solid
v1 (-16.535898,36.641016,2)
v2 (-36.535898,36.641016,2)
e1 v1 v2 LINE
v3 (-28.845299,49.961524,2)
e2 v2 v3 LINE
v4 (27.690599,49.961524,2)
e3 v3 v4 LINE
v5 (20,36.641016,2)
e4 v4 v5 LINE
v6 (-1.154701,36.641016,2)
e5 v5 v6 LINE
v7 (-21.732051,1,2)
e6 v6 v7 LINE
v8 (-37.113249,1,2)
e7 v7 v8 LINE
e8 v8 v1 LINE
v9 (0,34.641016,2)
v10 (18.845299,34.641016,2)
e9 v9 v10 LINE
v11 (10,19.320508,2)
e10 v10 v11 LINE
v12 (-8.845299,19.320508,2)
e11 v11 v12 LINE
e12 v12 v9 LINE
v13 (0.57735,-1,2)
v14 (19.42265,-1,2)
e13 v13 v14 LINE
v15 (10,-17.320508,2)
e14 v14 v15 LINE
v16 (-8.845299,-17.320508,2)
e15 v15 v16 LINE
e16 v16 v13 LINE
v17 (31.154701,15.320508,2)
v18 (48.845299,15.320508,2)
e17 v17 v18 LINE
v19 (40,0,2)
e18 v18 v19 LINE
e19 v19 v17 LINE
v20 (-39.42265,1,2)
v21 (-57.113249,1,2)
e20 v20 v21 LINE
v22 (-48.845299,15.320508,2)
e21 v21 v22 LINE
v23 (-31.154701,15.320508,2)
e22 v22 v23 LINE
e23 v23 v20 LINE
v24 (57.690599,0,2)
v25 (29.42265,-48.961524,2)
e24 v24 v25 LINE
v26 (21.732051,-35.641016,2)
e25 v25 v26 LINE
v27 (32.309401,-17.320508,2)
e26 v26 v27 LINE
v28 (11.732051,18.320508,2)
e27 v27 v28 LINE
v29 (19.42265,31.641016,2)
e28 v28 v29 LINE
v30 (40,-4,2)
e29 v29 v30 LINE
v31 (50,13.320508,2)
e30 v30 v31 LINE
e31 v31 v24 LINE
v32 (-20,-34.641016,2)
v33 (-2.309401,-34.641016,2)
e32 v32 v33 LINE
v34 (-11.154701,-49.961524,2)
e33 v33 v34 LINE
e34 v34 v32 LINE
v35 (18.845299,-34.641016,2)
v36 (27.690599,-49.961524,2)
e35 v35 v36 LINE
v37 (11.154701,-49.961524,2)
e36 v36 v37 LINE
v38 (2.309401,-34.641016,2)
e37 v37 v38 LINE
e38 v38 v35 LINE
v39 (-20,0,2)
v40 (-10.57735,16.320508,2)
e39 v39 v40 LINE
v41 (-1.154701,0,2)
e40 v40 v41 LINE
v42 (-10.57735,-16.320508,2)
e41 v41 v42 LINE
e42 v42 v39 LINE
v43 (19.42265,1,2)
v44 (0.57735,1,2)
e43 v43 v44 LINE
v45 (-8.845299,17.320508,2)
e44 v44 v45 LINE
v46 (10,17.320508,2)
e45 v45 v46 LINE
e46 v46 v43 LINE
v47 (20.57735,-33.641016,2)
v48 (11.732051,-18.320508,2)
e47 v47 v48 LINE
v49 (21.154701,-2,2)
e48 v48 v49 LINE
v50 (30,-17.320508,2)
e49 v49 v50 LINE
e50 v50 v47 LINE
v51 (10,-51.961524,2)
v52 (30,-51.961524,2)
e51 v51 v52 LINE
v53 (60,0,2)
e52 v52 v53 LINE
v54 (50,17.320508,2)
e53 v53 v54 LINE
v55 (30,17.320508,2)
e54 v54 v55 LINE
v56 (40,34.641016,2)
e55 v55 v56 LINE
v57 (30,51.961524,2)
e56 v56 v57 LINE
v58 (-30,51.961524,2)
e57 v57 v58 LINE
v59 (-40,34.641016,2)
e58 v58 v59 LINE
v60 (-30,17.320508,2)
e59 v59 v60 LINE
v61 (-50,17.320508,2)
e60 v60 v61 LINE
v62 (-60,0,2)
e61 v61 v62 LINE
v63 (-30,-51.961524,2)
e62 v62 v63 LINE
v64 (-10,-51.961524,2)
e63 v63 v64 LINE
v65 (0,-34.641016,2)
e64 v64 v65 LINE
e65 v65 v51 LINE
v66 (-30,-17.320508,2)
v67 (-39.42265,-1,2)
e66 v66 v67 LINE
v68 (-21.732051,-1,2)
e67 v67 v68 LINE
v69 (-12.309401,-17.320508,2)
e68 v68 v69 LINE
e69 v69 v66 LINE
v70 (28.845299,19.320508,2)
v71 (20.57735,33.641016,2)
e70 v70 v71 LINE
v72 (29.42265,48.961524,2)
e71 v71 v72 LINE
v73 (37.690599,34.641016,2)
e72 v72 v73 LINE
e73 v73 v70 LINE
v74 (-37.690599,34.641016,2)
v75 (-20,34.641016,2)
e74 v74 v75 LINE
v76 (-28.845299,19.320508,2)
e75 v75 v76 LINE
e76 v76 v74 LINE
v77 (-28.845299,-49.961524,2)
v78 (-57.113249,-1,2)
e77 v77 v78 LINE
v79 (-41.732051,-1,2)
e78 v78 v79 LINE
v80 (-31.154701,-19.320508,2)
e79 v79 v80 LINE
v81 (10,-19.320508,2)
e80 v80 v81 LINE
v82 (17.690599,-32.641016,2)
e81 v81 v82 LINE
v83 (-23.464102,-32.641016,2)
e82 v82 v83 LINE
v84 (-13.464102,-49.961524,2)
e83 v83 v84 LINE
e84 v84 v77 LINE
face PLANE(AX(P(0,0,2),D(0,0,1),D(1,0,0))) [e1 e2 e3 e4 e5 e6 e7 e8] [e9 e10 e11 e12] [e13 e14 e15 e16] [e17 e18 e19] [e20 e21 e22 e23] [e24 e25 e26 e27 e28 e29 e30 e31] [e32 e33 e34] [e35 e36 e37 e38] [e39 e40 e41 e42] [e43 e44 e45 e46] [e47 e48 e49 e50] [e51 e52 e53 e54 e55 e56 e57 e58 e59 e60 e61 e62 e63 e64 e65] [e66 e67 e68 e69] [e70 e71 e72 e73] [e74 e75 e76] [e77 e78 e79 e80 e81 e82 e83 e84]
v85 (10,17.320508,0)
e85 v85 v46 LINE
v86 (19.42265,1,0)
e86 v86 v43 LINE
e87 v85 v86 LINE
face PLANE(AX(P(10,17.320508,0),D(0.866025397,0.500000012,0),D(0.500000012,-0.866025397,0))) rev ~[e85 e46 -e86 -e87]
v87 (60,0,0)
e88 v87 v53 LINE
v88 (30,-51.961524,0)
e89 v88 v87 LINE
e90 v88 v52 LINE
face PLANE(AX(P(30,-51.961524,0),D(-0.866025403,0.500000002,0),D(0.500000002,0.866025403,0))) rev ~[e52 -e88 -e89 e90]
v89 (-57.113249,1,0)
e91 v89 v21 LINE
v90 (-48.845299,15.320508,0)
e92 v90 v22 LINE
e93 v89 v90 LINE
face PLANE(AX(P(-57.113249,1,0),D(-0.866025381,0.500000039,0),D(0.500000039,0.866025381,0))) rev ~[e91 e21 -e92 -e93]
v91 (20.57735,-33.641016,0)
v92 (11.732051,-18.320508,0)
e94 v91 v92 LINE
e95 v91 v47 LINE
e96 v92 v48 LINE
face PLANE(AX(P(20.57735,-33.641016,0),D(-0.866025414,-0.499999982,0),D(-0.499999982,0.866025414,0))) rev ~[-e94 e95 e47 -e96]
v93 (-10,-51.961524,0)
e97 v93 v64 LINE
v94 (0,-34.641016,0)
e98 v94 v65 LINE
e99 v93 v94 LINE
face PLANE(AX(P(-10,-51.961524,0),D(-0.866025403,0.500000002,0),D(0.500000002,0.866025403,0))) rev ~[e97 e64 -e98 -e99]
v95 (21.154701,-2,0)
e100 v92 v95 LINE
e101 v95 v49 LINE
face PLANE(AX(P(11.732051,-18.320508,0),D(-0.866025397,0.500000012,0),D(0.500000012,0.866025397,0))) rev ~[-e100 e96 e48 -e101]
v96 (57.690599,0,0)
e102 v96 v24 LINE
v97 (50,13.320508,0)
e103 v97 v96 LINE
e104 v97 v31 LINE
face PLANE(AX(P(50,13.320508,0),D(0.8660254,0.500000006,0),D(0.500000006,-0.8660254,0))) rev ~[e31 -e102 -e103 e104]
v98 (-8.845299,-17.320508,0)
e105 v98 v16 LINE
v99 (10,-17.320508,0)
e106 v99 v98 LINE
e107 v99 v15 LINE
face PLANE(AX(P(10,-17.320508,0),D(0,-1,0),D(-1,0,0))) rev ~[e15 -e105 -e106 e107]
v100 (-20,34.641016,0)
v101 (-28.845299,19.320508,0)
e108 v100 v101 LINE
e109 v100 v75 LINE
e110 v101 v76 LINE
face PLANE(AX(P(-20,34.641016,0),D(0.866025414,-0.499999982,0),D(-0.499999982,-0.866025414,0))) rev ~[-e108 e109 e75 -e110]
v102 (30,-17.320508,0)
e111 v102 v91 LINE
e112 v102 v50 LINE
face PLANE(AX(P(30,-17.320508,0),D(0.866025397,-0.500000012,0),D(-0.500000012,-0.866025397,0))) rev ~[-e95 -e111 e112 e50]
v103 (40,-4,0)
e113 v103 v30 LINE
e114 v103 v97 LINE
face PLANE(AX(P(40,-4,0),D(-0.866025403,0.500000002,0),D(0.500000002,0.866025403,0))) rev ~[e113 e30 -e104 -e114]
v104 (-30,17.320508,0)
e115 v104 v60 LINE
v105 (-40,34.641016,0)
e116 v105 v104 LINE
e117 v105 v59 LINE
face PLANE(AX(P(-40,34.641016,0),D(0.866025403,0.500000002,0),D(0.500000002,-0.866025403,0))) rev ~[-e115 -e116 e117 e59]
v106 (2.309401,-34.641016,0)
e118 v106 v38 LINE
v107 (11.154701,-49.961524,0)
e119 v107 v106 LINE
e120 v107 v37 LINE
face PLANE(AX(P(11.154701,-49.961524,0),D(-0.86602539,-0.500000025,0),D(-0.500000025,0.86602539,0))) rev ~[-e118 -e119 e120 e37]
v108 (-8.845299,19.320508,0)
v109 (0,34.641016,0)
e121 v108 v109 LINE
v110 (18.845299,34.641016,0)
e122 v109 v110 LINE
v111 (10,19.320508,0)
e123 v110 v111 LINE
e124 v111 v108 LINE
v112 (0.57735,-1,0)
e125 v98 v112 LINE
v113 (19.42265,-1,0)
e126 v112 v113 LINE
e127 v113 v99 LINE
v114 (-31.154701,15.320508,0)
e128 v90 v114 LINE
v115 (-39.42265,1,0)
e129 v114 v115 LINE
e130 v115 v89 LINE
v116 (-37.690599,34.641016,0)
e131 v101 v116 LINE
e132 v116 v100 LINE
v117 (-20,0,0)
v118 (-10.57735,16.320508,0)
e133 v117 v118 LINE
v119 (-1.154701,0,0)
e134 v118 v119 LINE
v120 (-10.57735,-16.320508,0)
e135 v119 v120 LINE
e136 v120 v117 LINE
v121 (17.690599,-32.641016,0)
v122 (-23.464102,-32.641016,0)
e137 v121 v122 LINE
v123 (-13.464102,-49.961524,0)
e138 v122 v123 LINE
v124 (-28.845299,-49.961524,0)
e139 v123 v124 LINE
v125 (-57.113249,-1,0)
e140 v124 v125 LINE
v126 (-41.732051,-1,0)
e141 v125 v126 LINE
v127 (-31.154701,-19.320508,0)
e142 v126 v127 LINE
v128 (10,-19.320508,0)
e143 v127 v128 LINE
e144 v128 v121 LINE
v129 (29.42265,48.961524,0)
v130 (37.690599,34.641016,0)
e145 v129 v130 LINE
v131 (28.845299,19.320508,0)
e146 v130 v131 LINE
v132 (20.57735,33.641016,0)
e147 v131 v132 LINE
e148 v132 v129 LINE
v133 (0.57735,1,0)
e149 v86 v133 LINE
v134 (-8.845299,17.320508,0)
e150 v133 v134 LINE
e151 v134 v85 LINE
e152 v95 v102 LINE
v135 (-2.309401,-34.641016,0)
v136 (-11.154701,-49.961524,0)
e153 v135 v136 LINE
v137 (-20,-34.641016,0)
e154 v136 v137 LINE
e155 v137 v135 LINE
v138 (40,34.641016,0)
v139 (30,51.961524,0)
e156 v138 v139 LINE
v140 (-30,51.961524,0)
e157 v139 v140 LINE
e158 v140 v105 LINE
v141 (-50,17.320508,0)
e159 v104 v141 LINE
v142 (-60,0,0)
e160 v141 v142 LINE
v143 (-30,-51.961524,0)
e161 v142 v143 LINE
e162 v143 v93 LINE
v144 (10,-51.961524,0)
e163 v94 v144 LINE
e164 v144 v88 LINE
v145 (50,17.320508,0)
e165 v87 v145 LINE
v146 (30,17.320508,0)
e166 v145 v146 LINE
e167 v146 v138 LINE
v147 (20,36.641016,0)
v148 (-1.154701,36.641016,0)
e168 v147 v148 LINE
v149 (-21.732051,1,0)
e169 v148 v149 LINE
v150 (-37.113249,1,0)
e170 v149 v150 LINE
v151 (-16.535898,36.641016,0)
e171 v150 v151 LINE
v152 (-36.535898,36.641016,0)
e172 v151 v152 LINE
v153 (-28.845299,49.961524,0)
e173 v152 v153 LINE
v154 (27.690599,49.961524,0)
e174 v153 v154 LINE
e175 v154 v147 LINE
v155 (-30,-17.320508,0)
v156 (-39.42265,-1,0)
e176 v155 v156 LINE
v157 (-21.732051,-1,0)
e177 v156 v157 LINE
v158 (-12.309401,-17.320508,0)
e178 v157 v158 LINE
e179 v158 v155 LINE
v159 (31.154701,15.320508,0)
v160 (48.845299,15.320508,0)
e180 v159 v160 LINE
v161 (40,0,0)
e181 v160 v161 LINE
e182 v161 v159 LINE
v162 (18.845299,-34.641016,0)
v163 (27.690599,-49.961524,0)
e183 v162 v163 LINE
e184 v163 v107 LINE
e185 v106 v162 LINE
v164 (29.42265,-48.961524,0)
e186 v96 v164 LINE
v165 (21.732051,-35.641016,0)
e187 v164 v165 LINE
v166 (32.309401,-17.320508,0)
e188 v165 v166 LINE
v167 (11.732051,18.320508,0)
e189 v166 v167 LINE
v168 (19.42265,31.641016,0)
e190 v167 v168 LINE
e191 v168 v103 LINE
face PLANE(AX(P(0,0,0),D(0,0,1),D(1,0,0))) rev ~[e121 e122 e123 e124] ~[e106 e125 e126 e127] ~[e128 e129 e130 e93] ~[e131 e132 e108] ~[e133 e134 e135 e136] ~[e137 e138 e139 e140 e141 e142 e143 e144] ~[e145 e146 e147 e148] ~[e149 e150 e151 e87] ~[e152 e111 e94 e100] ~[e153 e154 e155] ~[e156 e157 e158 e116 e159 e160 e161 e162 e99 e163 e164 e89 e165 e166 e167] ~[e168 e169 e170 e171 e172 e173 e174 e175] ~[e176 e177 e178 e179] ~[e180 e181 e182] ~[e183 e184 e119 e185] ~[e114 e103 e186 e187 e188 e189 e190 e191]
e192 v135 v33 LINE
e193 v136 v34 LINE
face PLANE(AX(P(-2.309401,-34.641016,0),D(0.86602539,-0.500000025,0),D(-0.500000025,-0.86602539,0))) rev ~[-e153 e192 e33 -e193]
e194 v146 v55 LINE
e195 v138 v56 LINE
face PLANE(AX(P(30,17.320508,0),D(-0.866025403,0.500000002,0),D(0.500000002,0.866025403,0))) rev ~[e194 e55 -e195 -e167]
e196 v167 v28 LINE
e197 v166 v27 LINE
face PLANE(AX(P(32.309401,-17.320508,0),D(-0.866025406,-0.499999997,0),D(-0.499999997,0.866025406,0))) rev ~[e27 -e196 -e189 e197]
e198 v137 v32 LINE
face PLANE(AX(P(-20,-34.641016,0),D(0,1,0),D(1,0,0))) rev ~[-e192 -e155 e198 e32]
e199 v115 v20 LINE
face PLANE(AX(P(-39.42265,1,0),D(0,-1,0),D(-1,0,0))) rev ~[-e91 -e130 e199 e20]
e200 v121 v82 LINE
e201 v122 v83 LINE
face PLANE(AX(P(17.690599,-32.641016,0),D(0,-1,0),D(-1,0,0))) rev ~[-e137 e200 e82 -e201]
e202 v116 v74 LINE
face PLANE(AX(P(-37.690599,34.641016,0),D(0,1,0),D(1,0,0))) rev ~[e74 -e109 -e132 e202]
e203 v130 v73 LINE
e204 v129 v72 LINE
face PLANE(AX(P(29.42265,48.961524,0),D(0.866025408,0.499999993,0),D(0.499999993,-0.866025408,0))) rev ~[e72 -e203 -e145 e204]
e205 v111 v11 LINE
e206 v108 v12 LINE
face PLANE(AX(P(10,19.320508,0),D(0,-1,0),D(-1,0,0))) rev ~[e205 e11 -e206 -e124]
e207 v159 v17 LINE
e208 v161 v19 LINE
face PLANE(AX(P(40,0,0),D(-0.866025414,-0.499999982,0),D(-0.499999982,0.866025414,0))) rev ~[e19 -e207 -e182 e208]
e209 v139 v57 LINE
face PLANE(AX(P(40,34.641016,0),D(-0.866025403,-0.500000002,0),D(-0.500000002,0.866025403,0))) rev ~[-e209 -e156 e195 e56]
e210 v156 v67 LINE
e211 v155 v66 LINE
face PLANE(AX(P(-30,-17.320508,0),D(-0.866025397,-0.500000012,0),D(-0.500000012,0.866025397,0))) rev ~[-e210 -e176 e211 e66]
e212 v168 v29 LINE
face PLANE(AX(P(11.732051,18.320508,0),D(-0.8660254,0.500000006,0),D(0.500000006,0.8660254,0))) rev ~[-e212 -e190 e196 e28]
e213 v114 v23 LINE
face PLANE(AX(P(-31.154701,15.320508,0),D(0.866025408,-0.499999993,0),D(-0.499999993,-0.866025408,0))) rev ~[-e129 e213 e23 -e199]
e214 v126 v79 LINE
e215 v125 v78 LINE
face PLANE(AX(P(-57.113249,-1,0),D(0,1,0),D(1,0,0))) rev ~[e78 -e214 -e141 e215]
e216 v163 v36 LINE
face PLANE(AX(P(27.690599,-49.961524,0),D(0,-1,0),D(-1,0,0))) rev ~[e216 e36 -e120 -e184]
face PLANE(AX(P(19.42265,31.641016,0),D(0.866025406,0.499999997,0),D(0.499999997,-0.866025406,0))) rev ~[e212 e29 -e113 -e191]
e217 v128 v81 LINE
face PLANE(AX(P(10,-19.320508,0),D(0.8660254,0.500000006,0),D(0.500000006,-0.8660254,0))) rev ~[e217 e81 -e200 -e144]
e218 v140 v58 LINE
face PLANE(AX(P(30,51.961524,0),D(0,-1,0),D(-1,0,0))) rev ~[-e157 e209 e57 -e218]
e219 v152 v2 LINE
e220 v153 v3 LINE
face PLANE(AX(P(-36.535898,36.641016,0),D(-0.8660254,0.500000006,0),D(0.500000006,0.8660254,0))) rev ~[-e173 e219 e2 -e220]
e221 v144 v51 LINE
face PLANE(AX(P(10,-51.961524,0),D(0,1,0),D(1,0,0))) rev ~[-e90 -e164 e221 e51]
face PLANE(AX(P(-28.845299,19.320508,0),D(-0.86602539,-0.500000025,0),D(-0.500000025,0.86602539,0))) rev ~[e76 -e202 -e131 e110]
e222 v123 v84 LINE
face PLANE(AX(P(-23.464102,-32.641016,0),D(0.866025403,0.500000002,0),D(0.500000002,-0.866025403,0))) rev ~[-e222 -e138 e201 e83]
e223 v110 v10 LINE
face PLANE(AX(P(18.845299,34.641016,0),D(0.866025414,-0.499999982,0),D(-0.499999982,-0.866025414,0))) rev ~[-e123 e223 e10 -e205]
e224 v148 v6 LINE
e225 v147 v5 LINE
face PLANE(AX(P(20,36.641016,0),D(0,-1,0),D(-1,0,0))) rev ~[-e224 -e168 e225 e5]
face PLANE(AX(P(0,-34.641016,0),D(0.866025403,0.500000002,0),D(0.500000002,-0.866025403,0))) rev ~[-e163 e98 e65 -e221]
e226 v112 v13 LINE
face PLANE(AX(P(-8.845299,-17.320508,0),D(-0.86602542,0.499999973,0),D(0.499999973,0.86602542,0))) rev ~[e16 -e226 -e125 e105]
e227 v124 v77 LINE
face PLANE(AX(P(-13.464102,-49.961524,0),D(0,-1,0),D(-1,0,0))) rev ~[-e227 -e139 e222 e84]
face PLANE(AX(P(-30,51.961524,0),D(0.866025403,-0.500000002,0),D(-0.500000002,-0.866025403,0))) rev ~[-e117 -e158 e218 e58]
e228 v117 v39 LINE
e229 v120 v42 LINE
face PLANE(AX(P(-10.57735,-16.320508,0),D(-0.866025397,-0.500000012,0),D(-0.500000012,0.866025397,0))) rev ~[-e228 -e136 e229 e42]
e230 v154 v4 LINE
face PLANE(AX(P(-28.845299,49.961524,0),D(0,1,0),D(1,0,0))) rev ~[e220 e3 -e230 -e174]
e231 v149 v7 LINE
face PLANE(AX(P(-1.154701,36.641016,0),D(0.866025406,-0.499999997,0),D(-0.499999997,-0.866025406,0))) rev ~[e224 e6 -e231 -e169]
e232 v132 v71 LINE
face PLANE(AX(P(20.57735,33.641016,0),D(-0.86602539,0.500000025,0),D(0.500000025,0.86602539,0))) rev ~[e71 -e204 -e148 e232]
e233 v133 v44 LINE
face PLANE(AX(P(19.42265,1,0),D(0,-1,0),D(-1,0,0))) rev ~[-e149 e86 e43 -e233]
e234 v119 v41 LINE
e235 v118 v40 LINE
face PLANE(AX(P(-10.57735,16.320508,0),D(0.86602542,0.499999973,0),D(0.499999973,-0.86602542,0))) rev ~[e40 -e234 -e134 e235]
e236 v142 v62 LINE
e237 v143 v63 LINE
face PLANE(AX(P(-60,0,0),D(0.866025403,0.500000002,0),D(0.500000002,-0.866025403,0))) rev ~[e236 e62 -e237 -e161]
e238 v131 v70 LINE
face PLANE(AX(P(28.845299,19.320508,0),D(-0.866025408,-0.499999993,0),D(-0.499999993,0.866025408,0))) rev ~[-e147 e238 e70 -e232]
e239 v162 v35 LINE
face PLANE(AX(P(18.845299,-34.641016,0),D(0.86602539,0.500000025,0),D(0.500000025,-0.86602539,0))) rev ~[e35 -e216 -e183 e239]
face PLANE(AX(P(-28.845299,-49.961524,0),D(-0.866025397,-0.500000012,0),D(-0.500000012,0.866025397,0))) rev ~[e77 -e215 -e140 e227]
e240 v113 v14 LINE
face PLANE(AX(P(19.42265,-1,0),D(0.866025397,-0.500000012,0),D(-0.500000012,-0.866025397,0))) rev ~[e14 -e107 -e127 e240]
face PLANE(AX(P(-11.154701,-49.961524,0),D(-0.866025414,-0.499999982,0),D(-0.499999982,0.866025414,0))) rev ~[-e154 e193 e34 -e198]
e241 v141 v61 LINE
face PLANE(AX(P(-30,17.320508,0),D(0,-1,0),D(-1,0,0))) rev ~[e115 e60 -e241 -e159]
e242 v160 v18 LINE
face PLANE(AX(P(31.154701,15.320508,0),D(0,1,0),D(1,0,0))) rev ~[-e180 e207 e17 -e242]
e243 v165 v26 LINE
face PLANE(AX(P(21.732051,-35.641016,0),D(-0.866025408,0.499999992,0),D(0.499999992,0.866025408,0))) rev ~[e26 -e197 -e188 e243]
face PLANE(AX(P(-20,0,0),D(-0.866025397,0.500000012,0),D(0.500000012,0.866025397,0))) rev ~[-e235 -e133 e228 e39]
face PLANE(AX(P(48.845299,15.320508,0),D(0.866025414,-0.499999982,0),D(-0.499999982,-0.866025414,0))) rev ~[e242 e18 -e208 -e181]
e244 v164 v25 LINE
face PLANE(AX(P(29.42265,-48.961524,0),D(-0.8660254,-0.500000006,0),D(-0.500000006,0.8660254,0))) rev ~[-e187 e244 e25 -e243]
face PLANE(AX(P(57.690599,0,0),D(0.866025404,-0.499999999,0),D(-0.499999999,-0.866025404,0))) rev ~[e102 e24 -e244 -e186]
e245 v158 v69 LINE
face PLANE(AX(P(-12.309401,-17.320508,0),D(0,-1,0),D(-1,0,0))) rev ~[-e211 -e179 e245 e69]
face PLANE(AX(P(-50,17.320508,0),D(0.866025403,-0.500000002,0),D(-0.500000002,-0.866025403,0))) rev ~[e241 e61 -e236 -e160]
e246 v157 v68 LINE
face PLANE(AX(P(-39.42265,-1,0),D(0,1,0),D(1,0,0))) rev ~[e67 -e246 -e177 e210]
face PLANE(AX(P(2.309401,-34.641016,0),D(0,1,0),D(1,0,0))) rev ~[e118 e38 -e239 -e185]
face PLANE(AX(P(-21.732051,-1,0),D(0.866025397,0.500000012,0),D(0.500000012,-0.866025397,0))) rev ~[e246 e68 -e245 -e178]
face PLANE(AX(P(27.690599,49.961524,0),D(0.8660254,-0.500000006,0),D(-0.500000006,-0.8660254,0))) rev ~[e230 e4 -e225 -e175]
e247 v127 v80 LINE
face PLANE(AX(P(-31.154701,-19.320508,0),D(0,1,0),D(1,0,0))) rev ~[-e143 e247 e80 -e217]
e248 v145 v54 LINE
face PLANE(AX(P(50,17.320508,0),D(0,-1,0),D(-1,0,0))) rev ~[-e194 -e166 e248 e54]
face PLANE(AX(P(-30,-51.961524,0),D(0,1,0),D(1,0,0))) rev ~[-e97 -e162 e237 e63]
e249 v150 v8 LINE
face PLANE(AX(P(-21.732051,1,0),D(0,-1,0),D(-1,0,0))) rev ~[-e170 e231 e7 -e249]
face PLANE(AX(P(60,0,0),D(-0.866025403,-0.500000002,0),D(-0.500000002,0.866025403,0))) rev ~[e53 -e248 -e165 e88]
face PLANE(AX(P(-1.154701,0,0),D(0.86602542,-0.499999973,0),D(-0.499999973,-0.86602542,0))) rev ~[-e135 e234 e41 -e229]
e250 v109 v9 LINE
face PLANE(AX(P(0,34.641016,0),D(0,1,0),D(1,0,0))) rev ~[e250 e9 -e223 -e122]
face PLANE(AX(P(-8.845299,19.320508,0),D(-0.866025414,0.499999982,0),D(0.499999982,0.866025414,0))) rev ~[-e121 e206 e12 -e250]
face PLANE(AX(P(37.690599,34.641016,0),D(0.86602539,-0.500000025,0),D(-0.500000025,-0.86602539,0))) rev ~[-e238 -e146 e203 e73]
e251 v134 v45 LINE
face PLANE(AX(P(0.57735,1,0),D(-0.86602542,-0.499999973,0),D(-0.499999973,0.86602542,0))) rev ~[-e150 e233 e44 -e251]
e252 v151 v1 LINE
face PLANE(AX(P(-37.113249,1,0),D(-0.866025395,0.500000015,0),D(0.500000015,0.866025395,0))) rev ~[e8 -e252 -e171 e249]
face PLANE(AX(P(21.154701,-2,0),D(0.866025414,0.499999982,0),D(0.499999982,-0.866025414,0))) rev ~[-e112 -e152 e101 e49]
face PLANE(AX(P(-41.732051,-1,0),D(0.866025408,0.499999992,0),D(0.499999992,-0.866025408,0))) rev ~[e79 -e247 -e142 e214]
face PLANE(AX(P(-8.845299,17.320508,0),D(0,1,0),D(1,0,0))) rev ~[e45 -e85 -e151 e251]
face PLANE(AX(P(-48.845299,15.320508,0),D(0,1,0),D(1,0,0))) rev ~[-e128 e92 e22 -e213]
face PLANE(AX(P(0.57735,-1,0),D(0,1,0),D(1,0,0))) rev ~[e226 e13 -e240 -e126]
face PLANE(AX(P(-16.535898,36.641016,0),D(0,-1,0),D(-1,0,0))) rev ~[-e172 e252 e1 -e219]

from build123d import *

# Parameters (mm, degrees)
F1_DEPTH = 2


with BuildPart() as f1:
    # F0 (on Top) → F1 (new body)
    with BuildSketch(Plane.XY):
        Polygon((-50, 17.320508), (-60, 0), (-30, -51.961524), (-10, -51.961524), (0, -34.641016), (10, -51.961524), (30, -51.961524), (60, 0), (50, 17.320508), (30, 17.320508), (40, 34.641016), (30, 51.961524), (-30, 51.961524), (-40, 34.641016), (-30, 17.320508), align=None)
        Polygon((-2.309401, -34.641016), (-11.154701, -49.961524), (-20, -34.641016), align=None, mode=Mode.SUBTRACT)
        Polygon((17.690599, -32.641016), (-23.464102, -32.641016), (-13.464102, -49.961524), (-28.845299, -49.961524), (-57.113249, -1), (-41.732051, -1), (-31.154701, -19.320508), (10, -19.320508), align=None, mode=Mode.SUBTRACT)
        Polygon((-30, -17.320508), (-39.42265, -1), (-21.732051, -1), (-12.309401, -17.320508), align=None, mode=Mode.SUBTRACT)
        Polygon((18.845299, -34.641016), (27.690599, -49.961524), (11.154701, -49.961524), (2.309401, -34.641016), align=None, mode=Mode.SUBTRACT)
        Polygon((30, -17.320508), (20.57735, -33.641016), (11.732051, -18.320508), (21.154701, -2), align=None, mode=Mode.SUBTRACT)
        Polygon((19.42265, -1), (10, -17.320508), (-8.845299, -17.320508), (0.57735, -1), align=None, mode=Mode.SUBTRACT)
        Polygon((19.42265, 31.641016), (40, -4), (50, 13.320508), (57.690599, 0), (29.42265, -48.961524), (21.732051, -35.641016), (32.309401, -17.320508), (11.732051, 18.320508), align=None, mode=Mode.SUBTRACT)
        Polygon((-57.113249, 1), (-48.845299, 15.320508), (-31.154701, 15.320508), (-39.42265, 1), align=None, mode=Mode.SUBTRACT)
        Polygon((-20, 0), (-10.57735, 16.320508), (-1.154701, 0), (-10.57735, -16.320508), align=None, mode=Mode.SUBTRACT)
        Polygon((-37.113249, 1), (-16.535898, 36.641016), (-36.535898, 36.641016), (-28.845299, 49.961524), (27.690599, 49.961524), (20, 36.641016), (-1.154701, 36.641016), (-21.732051, 1), align=None, mode=Mode.SUBTRACT)
        Polygon((-37.690599, 34.641016), (-20, 34.641016), (-28.845299, 19.320508), align=None, mode=Mode.SUBTRACT)
        Polygon((0.57735, 1), (-8.845299, 17.320508), (10, 17.320508), (19.42265, 1), align=None, mode=Mode.SUBTRACT)
        Polygon((31.154701, 15.320508), (48.845299, 15.320508), (40, 0), align=None, mode=Mode.SUBTRACT)
        Polygon((-8.845299, 19.320508), (0, 34.641016), (18.845299, 34.641016), (10, 19.320508), align=None, mode=Mode.SUBTRACT)
        Polygon((20.57735, 33.641016), (29.42265, 48.961524), (37.690599, 34.641016), (28.845299, 19.320508), align=None, mode=Mode.SUBTRACT)
    extrude(amount=F1_DEPTH)


solid = f1.part
